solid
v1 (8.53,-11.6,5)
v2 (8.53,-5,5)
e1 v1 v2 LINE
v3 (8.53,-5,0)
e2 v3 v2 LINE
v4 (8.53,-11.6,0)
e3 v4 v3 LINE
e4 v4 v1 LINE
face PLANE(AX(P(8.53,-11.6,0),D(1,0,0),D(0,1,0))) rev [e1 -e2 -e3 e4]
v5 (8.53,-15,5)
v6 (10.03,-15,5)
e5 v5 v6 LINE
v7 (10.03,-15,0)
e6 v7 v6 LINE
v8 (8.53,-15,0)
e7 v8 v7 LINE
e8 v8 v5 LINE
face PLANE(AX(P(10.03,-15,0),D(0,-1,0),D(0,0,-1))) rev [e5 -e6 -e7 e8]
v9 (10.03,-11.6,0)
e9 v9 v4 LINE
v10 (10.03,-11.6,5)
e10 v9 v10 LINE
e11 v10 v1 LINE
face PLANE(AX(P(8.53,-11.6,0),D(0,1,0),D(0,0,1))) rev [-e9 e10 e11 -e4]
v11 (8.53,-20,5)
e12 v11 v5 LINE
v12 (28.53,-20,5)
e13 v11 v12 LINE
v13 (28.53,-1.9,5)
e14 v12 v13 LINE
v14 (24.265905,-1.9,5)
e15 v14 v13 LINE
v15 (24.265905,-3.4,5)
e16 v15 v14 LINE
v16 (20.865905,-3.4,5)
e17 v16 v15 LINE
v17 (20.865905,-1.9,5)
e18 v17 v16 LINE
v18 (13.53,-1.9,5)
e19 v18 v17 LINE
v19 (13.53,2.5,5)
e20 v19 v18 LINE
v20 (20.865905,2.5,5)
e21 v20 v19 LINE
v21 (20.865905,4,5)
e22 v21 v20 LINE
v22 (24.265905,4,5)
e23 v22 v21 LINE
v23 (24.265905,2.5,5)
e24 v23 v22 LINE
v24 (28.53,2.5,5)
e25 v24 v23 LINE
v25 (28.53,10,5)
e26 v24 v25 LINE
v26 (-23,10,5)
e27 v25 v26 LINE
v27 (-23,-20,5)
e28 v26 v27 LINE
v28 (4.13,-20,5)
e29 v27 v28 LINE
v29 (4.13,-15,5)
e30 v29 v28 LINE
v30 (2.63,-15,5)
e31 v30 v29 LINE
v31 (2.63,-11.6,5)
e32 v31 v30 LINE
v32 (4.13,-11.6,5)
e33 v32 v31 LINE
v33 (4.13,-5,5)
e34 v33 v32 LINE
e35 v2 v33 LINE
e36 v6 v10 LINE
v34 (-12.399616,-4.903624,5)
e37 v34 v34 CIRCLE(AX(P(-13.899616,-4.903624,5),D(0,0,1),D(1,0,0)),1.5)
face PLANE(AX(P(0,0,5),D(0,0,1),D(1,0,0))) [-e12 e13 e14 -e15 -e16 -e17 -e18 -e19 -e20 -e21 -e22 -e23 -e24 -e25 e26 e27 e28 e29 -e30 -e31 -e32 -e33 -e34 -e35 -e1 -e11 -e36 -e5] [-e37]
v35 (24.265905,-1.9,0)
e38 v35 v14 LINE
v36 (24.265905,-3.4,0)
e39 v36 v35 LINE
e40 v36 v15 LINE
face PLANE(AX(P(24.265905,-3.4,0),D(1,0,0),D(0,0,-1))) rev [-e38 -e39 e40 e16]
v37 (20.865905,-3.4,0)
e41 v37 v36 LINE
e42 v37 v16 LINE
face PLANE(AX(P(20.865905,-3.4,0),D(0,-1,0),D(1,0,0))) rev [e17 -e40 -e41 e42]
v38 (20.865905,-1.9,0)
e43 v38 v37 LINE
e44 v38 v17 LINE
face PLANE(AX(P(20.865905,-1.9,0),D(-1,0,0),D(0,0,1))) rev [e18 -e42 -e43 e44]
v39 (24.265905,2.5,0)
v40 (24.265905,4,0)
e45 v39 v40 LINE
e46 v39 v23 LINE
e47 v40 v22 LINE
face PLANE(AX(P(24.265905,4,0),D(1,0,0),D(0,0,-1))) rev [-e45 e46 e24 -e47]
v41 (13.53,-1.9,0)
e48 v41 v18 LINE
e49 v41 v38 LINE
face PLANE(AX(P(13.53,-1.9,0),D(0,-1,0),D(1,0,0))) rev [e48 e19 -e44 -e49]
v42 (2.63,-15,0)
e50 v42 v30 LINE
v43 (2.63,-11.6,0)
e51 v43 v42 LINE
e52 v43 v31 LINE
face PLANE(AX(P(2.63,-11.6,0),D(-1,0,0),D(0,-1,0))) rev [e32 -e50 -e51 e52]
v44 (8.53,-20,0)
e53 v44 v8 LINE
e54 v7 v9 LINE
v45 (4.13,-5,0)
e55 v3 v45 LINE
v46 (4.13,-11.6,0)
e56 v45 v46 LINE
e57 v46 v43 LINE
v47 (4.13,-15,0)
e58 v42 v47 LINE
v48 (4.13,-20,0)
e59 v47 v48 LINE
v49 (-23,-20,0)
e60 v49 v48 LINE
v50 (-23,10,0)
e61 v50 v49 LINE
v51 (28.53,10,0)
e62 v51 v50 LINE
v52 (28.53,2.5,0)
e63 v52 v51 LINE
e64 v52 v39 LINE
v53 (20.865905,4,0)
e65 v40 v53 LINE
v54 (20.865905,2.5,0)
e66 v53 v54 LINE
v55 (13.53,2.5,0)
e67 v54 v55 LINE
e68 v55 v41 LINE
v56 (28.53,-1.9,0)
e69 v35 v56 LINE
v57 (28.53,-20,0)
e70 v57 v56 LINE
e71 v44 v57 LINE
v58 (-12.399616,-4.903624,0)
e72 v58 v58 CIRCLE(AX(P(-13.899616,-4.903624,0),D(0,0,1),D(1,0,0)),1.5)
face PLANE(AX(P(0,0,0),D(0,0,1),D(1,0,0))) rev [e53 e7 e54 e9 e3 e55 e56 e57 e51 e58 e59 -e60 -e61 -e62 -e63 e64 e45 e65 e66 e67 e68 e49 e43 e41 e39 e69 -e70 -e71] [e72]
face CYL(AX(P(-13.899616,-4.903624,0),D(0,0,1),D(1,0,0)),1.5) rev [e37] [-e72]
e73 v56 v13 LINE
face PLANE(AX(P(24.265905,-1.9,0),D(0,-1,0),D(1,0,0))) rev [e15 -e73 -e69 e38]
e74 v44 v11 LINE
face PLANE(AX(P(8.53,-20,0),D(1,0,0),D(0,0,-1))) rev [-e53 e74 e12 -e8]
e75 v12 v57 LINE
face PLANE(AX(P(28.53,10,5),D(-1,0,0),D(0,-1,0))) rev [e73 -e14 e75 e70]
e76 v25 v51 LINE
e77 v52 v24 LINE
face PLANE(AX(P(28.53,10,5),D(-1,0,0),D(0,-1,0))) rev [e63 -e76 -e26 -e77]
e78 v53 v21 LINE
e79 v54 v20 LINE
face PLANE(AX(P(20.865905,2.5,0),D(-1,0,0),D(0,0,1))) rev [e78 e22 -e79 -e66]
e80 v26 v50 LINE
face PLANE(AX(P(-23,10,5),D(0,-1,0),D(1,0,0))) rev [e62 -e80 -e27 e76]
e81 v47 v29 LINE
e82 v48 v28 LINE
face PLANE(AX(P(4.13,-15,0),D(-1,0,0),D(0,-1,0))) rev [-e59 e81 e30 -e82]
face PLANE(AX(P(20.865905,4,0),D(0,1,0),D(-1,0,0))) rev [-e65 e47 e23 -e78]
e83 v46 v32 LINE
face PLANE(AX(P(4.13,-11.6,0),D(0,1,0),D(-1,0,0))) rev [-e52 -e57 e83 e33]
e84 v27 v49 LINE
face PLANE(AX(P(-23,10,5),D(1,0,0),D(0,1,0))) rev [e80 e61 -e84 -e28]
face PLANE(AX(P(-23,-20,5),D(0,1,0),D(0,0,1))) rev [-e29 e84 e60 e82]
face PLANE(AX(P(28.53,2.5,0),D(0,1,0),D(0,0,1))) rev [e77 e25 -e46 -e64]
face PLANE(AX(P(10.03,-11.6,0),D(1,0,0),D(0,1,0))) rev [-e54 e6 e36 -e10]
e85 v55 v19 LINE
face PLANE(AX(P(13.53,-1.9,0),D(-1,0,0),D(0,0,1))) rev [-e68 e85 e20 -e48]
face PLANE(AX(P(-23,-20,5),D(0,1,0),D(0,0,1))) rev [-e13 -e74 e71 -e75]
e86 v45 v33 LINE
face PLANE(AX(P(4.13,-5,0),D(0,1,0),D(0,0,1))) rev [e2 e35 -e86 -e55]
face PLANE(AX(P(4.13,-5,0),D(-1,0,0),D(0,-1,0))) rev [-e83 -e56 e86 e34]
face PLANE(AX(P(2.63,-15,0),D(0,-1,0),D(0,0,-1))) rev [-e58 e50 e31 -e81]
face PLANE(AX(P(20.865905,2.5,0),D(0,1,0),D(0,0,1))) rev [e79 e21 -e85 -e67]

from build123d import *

# Parameters (mm, degrees)
SKETCH1_W           = 51.53
SKETCH1_H           = 30
BOSS_EXTRUDE1_DEPTH = 5
CUT_EXTRUDE1_DEPTH  = 5
SKETCH4_R           = 1.5
CUT_EXTRUDE3_DEPTH  = 5


with BuildPart() as part:
    # Sketch1 → Boss-Extrude1 (new body)
    with BuildSketch(Plane.XY):
        with Locations((2.765, -5)):
            Rectangle(SKETCH1_W, SKETCH1_H)
    extrude(amount=BOSS_EXTRUDE1_DEPTH)

    # Sketch2 → Cut-Extrude1 (cut)
    with BuildSketch(Plane.XY.offset(5)):
        Polygon((13.53, -1.9), (20.865904873, -1.9), (20.865904873, -3.4), (24.265904873, -3.4), (24.265904873, -1.9), (28.53, -1.9), (28.53, 2.5), (24.265904873, 2.5), (24.265904873, 4), (20.865904873, 4), (20.865904873, 2.5), (13.53, 2.5), align=None)
        Polygon((4.13, -5), (4.13, -11.6), (2.63, -11.6), (2.63, -15), (4.13, -15), (4.13, -20), (8.53, -20), (8.53, -15), (10.03, -15), (10.03, -11.6), (8.53, -11.6), (8.53, -5), align=None)
    extrude(amount=-CUT_EXTRUDE1_DEPTH, mode=Mode.SUBTRACT)

    # Sketch4 → Cut-Extrude3 (cut)
    with BuildSketch(Plane.XY.offset(5)):
        with Locations((-13.899616309, -4.903624059)):
            Circle(SKETCH4_R)
    extrude(amount=-CUT_EXTRUDE3_DEPTH, mode=Mode.SUBTRACT)


solid = part.part
